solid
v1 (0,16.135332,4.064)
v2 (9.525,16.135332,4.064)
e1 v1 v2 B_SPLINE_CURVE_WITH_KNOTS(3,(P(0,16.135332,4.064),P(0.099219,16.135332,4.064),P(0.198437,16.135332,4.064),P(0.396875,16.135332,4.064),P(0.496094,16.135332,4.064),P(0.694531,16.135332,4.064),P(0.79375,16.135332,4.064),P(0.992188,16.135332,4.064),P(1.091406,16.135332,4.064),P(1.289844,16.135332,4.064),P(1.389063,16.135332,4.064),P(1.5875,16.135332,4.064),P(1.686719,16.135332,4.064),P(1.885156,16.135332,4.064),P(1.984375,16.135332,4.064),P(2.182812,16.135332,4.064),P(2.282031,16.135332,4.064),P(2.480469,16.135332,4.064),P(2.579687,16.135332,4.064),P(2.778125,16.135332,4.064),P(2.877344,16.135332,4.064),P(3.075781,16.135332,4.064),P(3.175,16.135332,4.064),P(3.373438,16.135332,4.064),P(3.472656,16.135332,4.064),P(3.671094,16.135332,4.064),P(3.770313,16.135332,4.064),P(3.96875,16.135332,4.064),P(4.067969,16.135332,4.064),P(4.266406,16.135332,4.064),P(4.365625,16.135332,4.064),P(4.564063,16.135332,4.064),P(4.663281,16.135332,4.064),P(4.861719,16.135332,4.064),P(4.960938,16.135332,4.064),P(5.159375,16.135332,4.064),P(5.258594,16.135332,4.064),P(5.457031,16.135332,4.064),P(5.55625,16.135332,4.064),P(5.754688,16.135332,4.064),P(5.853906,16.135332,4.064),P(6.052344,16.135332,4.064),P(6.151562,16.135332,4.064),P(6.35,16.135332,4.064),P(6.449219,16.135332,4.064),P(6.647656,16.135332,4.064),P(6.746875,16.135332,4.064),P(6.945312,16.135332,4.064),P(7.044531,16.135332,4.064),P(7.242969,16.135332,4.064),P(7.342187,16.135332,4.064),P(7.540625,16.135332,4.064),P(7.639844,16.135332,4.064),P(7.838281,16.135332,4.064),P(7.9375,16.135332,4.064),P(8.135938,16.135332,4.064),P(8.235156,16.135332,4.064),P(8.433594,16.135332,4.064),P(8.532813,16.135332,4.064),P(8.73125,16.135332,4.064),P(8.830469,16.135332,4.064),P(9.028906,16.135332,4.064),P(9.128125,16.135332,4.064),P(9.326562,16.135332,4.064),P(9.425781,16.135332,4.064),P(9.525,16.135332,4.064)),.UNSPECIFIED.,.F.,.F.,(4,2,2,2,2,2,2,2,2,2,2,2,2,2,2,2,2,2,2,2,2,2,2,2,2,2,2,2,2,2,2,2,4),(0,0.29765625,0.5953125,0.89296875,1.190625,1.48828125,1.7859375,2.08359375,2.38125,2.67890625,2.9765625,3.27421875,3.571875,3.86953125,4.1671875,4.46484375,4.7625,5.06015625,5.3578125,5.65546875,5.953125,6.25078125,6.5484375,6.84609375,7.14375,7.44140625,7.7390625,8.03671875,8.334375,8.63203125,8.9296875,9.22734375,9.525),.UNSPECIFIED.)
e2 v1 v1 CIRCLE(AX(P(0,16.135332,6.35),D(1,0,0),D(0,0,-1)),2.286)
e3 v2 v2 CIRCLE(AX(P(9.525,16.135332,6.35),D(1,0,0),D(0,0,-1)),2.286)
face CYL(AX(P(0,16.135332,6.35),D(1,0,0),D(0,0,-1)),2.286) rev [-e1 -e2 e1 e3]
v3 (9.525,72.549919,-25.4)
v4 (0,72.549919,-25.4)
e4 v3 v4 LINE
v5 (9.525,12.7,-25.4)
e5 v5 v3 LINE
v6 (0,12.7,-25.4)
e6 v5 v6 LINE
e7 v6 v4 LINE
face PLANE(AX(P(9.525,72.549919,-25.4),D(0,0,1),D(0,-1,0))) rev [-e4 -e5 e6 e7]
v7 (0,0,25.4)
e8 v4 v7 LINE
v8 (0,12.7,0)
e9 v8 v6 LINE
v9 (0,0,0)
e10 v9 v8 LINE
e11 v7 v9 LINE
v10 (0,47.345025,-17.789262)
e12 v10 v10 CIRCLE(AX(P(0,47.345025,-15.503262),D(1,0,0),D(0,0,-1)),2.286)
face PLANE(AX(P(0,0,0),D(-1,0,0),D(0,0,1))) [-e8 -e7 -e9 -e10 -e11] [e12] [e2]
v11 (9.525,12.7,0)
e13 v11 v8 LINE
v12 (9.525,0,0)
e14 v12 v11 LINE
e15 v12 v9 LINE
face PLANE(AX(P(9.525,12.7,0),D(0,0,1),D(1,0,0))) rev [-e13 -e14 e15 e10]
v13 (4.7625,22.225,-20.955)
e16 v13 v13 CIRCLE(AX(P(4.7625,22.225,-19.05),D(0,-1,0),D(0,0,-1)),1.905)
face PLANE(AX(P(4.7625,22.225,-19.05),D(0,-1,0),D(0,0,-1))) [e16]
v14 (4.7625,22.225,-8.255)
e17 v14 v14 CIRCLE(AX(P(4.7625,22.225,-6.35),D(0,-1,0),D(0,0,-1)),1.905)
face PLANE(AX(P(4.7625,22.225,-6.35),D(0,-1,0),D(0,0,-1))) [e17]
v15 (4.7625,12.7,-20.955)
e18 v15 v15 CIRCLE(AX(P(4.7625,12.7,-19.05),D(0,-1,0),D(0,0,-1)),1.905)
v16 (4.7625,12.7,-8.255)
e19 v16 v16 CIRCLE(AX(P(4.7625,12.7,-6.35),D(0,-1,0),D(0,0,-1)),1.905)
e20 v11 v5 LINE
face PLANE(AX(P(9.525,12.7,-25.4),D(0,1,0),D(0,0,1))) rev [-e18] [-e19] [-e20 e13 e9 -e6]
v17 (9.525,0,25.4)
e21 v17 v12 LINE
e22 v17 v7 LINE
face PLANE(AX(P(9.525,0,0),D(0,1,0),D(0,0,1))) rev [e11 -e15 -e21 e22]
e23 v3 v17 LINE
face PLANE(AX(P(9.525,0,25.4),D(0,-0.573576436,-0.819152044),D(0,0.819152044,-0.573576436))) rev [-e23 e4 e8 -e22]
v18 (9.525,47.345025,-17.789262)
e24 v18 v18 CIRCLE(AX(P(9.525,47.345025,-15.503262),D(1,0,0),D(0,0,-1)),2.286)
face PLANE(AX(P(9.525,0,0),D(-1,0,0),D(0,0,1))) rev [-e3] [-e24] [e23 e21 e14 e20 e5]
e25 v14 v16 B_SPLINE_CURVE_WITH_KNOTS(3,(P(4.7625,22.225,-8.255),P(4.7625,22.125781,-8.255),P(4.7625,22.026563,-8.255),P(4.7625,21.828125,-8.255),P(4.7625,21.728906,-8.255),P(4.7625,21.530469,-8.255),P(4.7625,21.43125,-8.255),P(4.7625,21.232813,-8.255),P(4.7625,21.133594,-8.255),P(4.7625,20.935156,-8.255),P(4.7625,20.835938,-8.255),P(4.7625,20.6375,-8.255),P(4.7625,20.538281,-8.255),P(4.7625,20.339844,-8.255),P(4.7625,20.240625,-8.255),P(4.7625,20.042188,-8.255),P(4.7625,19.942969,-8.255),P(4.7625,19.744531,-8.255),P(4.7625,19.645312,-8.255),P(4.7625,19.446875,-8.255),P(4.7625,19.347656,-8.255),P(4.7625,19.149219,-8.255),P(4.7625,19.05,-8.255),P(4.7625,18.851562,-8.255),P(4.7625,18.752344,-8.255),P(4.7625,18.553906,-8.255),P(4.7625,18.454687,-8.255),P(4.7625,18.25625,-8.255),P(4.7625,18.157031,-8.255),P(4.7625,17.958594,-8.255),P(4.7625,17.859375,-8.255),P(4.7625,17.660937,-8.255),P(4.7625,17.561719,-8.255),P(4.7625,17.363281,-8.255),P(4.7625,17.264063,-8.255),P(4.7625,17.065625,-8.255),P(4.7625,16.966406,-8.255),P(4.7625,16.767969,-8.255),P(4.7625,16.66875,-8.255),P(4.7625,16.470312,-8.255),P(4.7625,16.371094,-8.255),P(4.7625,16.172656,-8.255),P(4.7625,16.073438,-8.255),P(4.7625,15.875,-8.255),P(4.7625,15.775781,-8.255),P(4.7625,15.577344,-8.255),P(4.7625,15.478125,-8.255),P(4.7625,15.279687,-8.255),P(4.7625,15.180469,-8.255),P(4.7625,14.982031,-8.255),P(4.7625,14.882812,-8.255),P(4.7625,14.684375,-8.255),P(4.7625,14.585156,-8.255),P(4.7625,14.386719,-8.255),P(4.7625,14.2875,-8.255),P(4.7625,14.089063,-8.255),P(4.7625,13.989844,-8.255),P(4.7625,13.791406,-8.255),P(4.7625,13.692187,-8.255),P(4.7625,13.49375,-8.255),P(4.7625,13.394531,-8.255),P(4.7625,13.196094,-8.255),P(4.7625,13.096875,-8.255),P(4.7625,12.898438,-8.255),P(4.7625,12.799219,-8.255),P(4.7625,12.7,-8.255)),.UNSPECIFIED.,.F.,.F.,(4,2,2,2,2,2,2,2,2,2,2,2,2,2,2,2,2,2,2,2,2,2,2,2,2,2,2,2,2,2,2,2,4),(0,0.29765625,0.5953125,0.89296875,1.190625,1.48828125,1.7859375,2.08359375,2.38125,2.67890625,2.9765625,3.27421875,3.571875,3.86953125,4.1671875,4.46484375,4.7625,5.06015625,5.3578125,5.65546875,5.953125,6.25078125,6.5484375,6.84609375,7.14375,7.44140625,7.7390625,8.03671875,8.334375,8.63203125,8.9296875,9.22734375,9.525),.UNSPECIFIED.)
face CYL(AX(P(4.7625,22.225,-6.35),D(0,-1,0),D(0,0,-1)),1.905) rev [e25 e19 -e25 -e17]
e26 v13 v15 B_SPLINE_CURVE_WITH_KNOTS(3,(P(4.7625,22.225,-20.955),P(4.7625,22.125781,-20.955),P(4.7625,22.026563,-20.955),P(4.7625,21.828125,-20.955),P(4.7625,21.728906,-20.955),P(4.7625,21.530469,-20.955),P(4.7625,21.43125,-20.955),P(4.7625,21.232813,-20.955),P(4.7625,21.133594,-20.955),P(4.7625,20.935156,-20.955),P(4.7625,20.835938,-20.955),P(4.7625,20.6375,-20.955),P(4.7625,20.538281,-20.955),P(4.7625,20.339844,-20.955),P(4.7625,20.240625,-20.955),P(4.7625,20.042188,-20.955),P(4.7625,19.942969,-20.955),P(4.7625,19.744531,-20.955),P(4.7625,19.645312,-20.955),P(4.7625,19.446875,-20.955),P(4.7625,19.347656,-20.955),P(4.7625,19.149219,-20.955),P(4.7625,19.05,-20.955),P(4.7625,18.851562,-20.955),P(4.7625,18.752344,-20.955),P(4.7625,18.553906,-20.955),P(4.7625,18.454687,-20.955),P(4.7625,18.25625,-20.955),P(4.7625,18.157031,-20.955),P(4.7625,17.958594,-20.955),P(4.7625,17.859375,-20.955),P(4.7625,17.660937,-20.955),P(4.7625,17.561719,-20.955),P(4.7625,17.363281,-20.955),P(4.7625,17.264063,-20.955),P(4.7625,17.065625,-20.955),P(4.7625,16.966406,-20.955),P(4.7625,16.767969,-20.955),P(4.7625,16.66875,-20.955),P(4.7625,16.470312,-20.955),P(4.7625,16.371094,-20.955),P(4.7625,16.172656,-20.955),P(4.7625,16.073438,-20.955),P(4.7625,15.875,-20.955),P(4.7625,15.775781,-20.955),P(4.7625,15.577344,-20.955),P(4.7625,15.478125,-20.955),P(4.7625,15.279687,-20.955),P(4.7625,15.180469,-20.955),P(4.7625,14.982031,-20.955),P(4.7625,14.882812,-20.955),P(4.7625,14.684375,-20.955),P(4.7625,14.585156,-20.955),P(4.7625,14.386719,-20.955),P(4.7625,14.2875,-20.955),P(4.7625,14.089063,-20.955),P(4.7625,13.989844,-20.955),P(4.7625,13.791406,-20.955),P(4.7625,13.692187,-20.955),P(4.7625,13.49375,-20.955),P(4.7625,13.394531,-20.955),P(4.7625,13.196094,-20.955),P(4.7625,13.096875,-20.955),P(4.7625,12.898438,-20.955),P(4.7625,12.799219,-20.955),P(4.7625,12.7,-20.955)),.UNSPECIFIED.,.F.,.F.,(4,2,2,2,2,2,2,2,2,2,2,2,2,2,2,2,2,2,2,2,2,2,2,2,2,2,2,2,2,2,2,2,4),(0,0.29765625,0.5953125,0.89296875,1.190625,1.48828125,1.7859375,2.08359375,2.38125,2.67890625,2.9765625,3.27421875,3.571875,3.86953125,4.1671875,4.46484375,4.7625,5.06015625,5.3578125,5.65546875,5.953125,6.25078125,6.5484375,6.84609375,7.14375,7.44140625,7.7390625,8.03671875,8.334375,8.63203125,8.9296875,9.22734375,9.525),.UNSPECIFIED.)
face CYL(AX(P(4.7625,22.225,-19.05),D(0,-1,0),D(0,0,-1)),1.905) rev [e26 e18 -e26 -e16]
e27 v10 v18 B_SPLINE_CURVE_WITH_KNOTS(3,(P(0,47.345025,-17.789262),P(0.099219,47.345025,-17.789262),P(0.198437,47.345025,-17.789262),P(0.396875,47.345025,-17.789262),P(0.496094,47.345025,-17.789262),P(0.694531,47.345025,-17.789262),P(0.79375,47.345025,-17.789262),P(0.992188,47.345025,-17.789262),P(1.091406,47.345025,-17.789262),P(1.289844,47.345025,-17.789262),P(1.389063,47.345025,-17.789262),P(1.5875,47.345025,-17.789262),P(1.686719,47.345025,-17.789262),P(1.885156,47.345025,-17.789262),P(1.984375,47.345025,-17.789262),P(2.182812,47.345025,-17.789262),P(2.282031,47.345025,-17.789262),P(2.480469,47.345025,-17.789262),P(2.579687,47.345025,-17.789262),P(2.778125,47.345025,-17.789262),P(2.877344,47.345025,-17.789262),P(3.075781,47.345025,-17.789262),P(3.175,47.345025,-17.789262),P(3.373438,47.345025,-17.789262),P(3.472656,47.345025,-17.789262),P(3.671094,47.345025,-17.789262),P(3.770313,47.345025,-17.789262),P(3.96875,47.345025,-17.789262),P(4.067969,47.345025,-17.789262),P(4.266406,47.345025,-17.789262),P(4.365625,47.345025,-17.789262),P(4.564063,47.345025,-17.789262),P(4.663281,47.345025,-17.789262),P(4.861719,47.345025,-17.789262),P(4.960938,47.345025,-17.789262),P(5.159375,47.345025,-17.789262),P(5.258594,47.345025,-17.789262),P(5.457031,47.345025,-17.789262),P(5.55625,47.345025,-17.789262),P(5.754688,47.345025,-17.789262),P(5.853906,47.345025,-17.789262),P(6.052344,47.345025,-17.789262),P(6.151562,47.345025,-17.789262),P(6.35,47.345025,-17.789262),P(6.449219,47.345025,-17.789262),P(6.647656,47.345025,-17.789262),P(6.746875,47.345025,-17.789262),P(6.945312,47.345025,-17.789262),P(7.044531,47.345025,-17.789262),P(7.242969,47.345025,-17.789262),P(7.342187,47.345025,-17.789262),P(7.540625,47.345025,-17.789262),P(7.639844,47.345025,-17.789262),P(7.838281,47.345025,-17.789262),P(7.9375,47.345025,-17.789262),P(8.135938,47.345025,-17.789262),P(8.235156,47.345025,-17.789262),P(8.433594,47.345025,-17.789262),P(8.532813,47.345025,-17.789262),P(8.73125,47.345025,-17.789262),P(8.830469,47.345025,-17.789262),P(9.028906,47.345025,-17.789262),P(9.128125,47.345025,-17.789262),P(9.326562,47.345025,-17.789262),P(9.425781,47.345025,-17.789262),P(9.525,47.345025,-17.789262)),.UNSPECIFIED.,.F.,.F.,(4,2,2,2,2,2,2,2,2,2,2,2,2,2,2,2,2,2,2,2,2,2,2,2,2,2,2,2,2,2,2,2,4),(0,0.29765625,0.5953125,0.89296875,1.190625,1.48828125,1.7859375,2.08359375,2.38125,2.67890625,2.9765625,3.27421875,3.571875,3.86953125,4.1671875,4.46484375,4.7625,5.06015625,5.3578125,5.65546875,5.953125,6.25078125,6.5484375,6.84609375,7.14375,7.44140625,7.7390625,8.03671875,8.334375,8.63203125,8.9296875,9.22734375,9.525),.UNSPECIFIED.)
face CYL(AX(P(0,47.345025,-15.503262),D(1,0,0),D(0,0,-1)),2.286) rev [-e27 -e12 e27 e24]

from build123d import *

# Parameters (mm, degrees)
BOSS_EXTRUDE1_DEPTH = 9.525
SKETCH2_R           = 1.905
CUT_EXTRUDE1_DEPTH  = 9.525
SKETCH3_R           = 2.286
CUT_EXTRUDE2_DEPTH  = 78.455641076


with BuildPart() as part:
    # Sketch1 → Boss-Extrude1 (new body)
    with BuildSketch(Plane(origin=(0, 0, 0), x_dir=(0, 0, -1), z_dir=(1, 0, 0))):
        Polygon((0, 0), (-25.4, 0), (25.4, 72.549918742), (25.4, 12.7), (0, 12.7), align=None)
    extrude(amount=BOSS_EXTRUDE1_DEPTH)

    # Sketch2 → Cut-Extrude1 (cut)
    with BuildSketch(Plane.XZ.offset(-12.7)):
        with Locations(Location((4.7625, -19.05, 0), (0, 0, 270))):
            Circle(SKETCH2_R)
        with Locations(Location((4.7625, -6.35, 0), (0, 0, 270))):
            Circle(SKETCH2_R)
    extrude(amount=-CUT_EXTRUDE1_DEPTH, mode=Mode.SUBTRACT)

    # Sketch3 → Cut-Extrude2 (cut, through all)
    with BuildSketch(Plane(origin=(9.525, 0, 0), x_dir=(0, 0, -1), z_dir=(1, 0, 0))):
        with Locations((-6.35, 16.135332376)):
            Circle(SKETCH3_R)
        with Locations((15.503262225, 47.345025264)):
            Circle(SKETCH3_R)
    extrude(amount=-CUT_EXTRUDE2_DEPTH, mode=Mode.SUBTRACT)


solid = part.part
